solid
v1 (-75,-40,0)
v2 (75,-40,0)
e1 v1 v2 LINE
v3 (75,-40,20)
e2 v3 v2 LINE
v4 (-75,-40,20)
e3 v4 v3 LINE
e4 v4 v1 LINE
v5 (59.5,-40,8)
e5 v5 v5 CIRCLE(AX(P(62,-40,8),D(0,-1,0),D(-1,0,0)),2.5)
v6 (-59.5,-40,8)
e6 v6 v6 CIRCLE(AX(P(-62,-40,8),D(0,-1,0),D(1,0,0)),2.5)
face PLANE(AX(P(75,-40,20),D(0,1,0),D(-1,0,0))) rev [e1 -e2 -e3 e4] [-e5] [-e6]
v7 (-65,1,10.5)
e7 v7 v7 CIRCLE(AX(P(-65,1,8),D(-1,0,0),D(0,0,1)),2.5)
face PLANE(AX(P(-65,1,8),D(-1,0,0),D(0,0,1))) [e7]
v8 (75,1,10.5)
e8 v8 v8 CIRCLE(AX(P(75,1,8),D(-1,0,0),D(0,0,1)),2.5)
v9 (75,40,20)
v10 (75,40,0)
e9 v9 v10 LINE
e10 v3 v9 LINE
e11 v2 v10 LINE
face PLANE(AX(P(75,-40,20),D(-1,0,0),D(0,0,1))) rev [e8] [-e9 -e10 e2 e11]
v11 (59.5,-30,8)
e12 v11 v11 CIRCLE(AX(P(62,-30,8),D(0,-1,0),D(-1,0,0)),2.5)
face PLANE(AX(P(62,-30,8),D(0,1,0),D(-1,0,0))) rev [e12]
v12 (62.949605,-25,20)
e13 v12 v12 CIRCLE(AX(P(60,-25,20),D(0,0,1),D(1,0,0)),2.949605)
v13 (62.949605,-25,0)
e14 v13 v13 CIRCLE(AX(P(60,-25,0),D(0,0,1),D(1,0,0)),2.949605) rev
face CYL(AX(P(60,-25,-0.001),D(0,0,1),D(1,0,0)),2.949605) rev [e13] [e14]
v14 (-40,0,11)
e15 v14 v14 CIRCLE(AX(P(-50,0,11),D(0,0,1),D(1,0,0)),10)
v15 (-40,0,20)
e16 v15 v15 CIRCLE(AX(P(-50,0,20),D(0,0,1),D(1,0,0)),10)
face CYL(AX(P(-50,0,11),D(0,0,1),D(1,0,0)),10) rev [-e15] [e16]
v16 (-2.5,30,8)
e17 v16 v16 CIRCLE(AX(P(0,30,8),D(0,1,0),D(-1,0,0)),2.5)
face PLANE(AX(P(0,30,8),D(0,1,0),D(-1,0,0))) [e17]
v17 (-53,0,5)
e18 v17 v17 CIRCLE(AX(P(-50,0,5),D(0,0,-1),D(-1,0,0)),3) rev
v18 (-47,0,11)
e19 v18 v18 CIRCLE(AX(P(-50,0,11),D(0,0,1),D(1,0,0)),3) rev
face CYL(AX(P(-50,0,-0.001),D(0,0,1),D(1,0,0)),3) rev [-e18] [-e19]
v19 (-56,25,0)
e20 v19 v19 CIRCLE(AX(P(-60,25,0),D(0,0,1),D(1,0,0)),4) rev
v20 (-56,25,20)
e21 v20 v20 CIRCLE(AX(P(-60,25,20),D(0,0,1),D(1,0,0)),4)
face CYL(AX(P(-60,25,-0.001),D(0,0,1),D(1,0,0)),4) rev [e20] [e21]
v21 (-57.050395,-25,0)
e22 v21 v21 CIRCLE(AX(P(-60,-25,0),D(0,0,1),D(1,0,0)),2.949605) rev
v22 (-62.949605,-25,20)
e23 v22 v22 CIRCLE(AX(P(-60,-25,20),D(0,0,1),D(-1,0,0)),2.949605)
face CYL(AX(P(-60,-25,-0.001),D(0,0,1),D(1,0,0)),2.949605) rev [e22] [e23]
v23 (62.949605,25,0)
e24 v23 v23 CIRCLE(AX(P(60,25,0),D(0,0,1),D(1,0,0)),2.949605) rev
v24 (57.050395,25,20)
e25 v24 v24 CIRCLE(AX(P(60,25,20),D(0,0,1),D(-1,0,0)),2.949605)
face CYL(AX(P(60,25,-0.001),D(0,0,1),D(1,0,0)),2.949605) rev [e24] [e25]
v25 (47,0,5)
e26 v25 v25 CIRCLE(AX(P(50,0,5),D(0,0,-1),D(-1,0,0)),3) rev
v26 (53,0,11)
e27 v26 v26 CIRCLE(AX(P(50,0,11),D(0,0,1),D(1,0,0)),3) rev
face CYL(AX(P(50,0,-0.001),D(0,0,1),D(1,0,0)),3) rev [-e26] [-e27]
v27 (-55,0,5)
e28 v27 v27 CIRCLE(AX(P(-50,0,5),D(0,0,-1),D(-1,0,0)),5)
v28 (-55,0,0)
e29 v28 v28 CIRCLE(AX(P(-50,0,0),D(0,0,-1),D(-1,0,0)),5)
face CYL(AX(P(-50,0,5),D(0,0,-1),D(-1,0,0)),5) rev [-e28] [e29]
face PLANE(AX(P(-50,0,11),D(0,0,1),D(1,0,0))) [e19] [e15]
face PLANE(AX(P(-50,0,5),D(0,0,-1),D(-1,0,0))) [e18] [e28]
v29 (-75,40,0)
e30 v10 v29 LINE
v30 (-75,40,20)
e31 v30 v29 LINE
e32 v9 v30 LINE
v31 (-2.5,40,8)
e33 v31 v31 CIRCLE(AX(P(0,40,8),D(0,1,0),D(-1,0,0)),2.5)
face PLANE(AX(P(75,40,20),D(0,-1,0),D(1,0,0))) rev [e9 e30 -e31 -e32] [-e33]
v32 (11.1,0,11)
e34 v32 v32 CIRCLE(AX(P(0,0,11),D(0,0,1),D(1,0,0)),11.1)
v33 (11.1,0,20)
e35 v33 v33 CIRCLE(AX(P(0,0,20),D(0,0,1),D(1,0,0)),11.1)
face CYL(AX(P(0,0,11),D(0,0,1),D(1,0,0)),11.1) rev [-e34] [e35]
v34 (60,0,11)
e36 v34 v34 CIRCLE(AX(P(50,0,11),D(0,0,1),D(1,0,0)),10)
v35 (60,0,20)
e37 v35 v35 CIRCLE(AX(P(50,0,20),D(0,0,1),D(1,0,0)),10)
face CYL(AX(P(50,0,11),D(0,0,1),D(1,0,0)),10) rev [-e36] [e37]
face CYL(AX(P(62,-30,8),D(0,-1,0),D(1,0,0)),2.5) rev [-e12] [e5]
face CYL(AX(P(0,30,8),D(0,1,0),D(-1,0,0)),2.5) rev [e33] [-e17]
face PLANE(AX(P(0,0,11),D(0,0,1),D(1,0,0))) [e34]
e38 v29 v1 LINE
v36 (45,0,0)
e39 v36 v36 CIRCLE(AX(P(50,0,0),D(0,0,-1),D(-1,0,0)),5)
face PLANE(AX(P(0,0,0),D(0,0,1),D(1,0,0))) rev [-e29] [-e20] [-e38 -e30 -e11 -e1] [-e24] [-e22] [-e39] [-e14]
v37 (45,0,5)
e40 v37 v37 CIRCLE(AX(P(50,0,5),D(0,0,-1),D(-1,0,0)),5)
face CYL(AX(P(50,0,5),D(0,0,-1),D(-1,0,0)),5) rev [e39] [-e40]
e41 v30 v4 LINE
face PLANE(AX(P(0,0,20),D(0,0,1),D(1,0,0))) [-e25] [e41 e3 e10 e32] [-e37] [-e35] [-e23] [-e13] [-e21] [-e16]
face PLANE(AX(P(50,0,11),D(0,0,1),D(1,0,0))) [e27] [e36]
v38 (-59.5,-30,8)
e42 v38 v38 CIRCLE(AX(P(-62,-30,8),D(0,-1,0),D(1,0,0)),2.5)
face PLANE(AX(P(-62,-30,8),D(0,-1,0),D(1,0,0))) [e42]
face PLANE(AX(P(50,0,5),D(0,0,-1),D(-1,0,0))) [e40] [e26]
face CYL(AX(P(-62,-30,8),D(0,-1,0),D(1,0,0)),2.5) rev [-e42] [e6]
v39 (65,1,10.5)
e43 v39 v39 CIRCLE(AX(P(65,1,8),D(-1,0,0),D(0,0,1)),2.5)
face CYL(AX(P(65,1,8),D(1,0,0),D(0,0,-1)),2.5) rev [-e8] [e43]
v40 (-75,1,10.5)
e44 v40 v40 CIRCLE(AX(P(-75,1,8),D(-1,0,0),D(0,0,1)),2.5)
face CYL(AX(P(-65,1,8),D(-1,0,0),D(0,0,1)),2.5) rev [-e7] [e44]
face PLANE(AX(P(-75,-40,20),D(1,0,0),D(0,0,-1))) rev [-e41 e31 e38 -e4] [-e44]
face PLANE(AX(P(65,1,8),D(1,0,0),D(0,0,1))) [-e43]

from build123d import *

# Parameters (mm, degrees)
SKETCH1_W           = 150
SKETCH1_H           = 80
BOSS_EXTRUDE1_DEPTH = 20
CUT_EXTRUDE1_REACH  = 89.321
SKETCH2_R           = 3
SKETCH3_R           = 11.1
SKETCH3_R_2         = 10
CUT_EXTRUDE2_DEPTH  = 9
CUT_EXTRUDE3_REACH  = 89.321
SKETCH4_R           = 4
SKETCH4_R_2         = 2.949605035
SKETCH5_R           = 5
CUT_EXTRUDE4_DEPTH  = 5
SKETCH6_R           = 2.5
CUT_EXTRUDE5_DEPTH  = 10
SKETCH7_R           = 2.5
CUT_EXTRUDE6_DEPTH  = 10
SKETCH8_R           = 2.5
CUT_EXTRUDE7_DEPTH  = 10


with BuildPart() as part:
    # Sketch1 → Boss-Extrude1 (new body)
    with BuildSketch(Plane.XY):
        Rectangle(SKETCH1_W, SKETCH1_H)
    extrude(amount=BOSS_EXTRUDE1_DEPTH)

    # Sketch2 → Cut-Extrude1 (cut, up to next)
    with BuildSketch(Plane.XY.offset(20), mode=Mode.PRIVATE) as cut_extrude1_sk1:
        with Locations((-50, 0)):
            Circle(SKETCH2_R)
    cut_extrude1_tool1 = extrude(cut_extrude1_sk1.sketch, amount=-CUT_EXTRUDE1_REACH, mode=Mode.PRIVATE) & part.part
    # Sketch2 → Cut-Extrude1 (cut, up to next)
    with BuildSketch(Plane.XY.offset(20), mode=Mode.PRIVATE) as cut_extrude1_sk2:
        with Locations((50, 0)):
            Circle(SKETCH2_R)
    cut_extrude1_tool2 = extrude(cut_extrude1_sk2.sketch, amount=-CUT_EXTRUDE1_REACH, mode=Mode.PRIVATE) & part.part
    add(cut_extrude1_tool1.solids().sort_by_distance((-50, 0, 20))[0], mode=Mode.SUBTRACT)
    add(cut_extrude1_tool2.solids().sort_by_distance((50, 0, 20))[0], mode=Mode.SUBTRACT)

    # Sketch3 → Cut-Extrude2 (cut)
    with BuildSketch(Plane.XY.offset(20)):
        Circle(SKETCH3_R)
        with Locations((-50, 0)):
            Circle(SKETCH3_R_2)
        with Locations((50, 0)):
            Circle(SKETCH3_R_2)
    extrude(amount=-CUT_EXTRUDE2_DEPTH, mode=Mode.SUBTRACT)

    # Sketch4 → Cut-Extrude3 (cut, up to next)
    with BuildSketch(Plane.XY.offset(20), mode=Mode.PRIVATE) as cut_extrude3_sk1:
        with Locations((-60, 25)):
            Circle(SKETCH4_R)
    cut_extrude3_tool1 = extrude(cut_extrude3_sk1.sketch, amount=-CUT_EXTRUDE3_REACH, mode=Mode.PRIVATE) & part.part
    # Sketch4 → Cut-Extrude3 (cut, up to next)
    with BuildSketch(Plane.XY.offset(20), mode=Mode.PRIVATE) as cut_extrude3_sk2:
        with Locations((60, 25)):
            Circle(SKETCH4_R_2)
    cut_extrude3_tool2 = extrude(cut_extrude3_sk2.sketch, amount=-CUT_EXTRUDE3_REACH, mode=Mode.PRIVATE) & part.part
    # Sketch4 → Cut-Extrude3 (cut, up to next)
    with BuildSketch(Plane.XY.offset(20), mode=Mode.PRIVATE) as cut_extrude3_sk3:
        with Locations((60, -25)):
            Circle(SKETCH4_R_2)
    cut_extrude3_tool3 = extrude(cut_extrude3_sk3.sketch, amount=-CUT_EXTRUDE3_REACH, mode=Mode.PRIVATE) & part.part
    # Sketch4 → Cut-Extrude3 (cut, up to next)
    with BuildSketch(Plane.XY.offset(20), mode=Mode.PRIVATE) as cut_extrude3_sk4:
        with Locations((-60, -25)):
            Circle(SKETCH4_R_2)
    cut_extrude3_tool4 = extrude(cut_extrude3_sk4.sketch, amount=-CUT_EXTRUDE3_REACH, mode=Mode.PRIVATE) & part.part
    add(cut_extrude3_tool1.solids().sort_by_distance((-60, 25, 20))[0], mode=Mode.SUBTRACT)
    add(cut_extrude3_tool2.solids().sort_by_distance((60, 25, 20))[0], mode=Mode.SUBTRACT)
    add(cut_extrude3_tool3.solids().sort_by_distance((60, -25, 20))[0], mode=Mode.SUBTRACT)
    add(cut_extrude3_tool4.solids().sort_by_distance((-60, -25, 20))[0], mode=Mode.SUBTRACT)

    # Sketch5 → Cut-Extrude4 (cut)
    with BuildSketch(Plane(origin=(0, 0, 0), x_dir=(-1, 0, 0), z_dir=(0, 0, -1))):
        with Locations((-50, 0)):
            Circle(SKETCH5_R)
        with Locations((50, 0)):
            Circle(SKETCH5_R)
    extrude(amount=-CUT_EXTRUDE4_DEPTH, mode=Mode.SUBTRACT)

    # Sketch6 → Cut-Extrude5 (cut)
    with BuildSketch(Plane.ZY.offset(75)):
        with Locations((8, 1)):
            Circle(SKETCH6_R)
    cut_extrude5 = extrude(amount=-CUT_EXTRUDE5_DEPTH, mode=Mode.SUBTRACT)

    # Mirror1: Cut-Extrude5 across plane
    add(cut_extrude5.mirror(Plane(origin=(0, 0, 0), x_dir=(0, 0, 1), z_dir=(1, 0, 0))), mode=Mode.SUBTRACT)

    # Sketch7 → Cut-Extrude6 (cut)
    with BuildSketch(Plane.XZ.offset(40)):
        with Locations((-62, 8)):
            Circle(SKETCH7_R)
        with Locations(Location((62, 8, 0), (0, 0, 180))):
            Circle(SKETCH7_R)
    extrude(amount=-CUT_EXTRUDE6_DEPTH, mode=Mode.SUBTRACT)

    # Sketch8 → Cut-Extrude7 (cut)
    with BuildSketch(Plane(origin=(0, 40, 0), x_dir=(1, 0, 0), z_dir=(0, 1, 0))):
        with Locations(Location((0, -8, 0), (0, 0, 180))):
            Circle(SKETCH8_R)
    extrude(amount=-CUT_EXTRUDE7_DEPTH, mode=Mode.SUBTRACT)


solid = part.part
